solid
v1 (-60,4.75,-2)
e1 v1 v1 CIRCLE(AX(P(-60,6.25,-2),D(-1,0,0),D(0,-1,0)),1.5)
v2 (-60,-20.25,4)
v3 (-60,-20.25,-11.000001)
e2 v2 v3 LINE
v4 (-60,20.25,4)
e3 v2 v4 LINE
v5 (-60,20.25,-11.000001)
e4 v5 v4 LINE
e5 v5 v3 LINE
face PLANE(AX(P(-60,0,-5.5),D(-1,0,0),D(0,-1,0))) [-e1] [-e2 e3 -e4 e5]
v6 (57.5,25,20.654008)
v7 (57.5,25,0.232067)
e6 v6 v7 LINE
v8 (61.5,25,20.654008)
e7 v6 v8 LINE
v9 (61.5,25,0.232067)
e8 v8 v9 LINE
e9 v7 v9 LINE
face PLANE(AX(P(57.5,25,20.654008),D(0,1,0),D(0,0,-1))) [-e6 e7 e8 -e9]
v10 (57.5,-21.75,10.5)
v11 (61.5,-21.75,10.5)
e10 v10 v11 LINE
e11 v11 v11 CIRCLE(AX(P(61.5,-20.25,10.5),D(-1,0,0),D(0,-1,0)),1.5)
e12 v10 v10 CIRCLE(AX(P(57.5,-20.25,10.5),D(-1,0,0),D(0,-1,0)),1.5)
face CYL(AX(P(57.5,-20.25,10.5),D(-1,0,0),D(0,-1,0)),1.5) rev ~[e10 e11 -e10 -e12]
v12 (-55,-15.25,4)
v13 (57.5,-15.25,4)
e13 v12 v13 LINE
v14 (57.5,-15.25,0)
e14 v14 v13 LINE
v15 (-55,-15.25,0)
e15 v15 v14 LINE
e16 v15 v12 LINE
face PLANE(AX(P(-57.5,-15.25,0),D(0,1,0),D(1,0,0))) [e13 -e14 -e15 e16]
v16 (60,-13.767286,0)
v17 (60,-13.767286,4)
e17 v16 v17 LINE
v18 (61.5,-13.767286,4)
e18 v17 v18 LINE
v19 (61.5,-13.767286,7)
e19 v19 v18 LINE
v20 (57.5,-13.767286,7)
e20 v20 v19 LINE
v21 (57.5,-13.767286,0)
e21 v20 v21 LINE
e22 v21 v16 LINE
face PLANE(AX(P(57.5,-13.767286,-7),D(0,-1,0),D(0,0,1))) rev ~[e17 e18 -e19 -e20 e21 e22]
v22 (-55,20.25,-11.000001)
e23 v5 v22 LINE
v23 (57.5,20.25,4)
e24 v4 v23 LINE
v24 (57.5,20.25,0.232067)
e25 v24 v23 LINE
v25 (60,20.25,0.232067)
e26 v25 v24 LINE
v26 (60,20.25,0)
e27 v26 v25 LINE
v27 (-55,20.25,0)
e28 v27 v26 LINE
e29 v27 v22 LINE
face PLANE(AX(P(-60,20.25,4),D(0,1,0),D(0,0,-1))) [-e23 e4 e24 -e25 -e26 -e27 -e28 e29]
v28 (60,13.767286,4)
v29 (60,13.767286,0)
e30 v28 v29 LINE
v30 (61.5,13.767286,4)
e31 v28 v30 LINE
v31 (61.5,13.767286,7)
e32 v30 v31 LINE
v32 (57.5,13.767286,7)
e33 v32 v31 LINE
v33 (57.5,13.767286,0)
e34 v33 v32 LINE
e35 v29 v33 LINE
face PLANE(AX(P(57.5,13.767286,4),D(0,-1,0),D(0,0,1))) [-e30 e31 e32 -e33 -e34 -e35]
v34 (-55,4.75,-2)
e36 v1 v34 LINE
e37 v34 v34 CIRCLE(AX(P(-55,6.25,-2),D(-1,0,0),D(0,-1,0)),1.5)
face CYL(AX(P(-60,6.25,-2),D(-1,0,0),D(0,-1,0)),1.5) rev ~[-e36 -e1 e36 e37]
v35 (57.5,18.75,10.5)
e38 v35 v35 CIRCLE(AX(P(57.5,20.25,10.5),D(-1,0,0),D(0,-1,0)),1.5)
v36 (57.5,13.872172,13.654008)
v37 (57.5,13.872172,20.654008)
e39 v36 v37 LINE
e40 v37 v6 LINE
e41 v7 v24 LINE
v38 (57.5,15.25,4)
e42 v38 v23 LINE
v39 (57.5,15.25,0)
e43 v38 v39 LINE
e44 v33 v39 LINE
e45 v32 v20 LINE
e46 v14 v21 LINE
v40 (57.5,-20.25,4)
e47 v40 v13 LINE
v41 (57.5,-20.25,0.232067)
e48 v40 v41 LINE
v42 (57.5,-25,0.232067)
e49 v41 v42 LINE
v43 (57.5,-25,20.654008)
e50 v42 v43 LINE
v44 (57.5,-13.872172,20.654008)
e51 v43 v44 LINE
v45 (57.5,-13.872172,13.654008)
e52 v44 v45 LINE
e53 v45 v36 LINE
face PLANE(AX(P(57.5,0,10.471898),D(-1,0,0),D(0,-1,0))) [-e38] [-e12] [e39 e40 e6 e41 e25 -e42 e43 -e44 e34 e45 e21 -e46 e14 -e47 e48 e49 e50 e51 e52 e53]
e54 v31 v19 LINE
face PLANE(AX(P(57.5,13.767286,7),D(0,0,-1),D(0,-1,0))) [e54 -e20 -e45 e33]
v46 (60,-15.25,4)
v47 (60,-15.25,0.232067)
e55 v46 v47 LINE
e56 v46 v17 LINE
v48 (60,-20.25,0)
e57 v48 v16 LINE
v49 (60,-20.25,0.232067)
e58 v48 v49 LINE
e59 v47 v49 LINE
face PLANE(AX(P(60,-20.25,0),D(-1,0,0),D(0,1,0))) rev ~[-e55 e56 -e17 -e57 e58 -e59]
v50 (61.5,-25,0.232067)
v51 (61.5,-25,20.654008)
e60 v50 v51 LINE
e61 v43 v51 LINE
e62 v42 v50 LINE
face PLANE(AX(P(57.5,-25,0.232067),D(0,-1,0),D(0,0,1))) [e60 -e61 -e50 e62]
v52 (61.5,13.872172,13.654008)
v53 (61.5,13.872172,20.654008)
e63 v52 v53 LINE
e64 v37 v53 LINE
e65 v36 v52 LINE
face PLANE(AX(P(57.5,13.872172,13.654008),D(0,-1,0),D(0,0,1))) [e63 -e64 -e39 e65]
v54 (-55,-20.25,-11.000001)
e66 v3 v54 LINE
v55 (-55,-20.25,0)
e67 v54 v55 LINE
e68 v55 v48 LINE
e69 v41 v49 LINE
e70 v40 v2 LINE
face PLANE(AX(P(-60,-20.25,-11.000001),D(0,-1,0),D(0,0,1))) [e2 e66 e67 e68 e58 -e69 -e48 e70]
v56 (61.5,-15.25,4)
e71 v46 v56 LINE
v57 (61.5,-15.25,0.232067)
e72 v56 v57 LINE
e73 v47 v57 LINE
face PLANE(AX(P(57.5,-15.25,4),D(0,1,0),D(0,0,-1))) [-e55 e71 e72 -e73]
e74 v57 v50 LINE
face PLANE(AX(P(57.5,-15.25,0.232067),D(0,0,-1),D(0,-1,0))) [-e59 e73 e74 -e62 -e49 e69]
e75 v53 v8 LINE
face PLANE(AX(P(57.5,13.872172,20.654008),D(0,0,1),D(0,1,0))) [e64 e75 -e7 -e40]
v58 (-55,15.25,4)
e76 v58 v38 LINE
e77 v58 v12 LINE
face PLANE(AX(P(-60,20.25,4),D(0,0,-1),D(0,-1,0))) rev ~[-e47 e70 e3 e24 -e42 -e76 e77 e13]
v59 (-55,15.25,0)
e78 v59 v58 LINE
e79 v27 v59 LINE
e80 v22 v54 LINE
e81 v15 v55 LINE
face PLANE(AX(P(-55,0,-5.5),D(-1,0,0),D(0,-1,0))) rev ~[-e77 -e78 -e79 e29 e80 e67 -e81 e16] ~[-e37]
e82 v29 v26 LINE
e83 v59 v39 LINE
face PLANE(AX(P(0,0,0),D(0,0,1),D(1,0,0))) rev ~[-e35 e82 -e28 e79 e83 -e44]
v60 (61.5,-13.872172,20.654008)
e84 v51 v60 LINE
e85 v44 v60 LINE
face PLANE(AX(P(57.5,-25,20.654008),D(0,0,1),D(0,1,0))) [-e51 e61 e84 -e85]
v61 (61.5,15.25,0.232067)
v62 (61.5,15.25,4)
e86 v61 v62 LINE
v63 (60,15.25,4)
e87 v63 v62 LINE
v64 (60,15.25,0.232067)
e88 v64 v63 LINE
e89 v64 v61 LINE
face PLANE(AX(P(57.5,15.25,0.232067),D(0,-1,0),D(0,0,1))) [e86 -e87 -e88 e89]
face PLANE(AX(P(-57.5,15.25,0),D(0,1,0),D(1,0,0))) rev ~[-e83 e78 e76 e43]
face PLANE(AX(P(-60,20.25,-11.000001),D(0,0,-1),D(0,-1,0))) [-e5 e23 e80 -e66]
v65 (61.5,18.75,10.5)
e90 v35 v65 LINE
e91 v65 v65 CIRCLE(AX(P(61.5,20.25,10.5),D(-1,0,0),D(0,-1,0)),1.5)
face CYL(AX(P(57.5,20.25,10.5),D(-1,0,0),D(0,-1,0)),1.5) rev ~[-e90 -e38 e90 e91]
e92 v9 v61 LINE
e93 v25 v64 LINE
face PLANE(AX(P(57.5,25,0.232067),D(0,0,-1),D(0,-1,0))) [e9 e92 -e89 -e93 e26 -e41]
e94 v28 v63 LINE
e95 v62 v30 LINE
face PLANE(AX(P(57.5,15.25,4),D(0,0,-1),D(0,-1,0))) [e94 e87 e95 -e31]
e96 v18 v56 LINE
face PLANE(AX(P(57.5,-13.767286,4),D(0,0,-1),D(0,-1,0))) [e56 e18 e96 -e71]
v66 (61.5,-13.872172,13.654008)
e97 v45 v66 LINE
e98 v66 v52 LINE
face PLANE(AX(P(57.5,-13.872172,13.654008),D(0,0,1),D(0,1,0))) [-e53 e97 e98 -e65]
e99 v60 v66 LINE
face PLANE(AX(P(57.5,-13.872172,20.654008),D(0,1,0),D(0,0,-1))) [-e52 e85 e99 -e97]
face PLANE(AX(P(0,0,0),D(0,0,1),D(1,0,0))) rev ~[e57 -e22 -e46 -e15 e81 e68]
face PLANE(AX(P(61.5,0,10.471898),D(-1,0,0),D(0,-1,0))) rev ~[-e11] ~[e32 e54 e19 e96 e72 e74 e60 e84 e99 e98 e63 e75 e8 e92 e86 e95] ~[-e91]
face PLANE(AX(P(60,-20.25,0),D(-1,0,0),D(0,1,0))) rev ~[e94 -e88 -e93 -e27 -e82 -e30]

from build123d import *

# Parameters (mm, degrees)
F0_W     = 120
F0_H     = 40.5
F0_W_2   = 115
F0_H_2   = 30.5
F1_DEPTH = 4
F2_W     = 40.5
F2_H     = 11.0000007078
F2_R     = 1.5
F2_H_2   = 4
F3_DEPTH = 5
F4_R     = 1.5
F5_DEPTH = 4
F4_W     = 27.5345724076
F4_H     = 3
F4_H_2   = 0.2320672698
F4_H_3   = 7
F4_H_4   = 3.7679327302
F6_DEPTH = 4.001


with BuildPart() as f1:
    # F0 (on Top) → F1 (new body)
    with BuildSketch(Plane.XY):
        Rectangle(F0_W, F0_H)
        Rectangle(F0_W_2, F0_H_2, mode=Mode.SUBTRACT)
    extrude(amount=F1_DEPTH)

    # F2 (on face) → F3 (join)
    with BuildSketch(Plane(origin=(-60, 0, 0), x_dir=(0, -1, 0), z_dir=(-1, 0, 0))):
        with Locations((0, -5.5000003539)):
            Rectangle(F2_W, F2_H)
        with Locations((-6.25, -2)):
            Circle(F2_R, mode=Mode.SUBTRACT)
        with Locations((0, 2)):
            Rectangle(F2_W, F2_H_2)
    extrude(amount=-F3_DEPTH)

    # F4 (on face) → F5 (join)
    with BuildSketch(Plane(origin=(57.5, 0, 0), x_dir=(0, -1, 0), z_dir=(-1, 0, 0))):
        Polygon((25, 0.2320672698), (25, 20.6540079332), (13.8721717522, 20.6540079332), (13.8721717522, 13.6540079332), (-13.8721717522, 13.6540079332), (-13.8721717522, 20.6540079332), (-25, 20.6540079332), (-25, 0.2320672698), (-15.25, 0.2320672698), (-15.25, 4), (-13.7672862038, 4), (-13.7672862038, 7), (13.7672862038, 7), (13.7672862038, 4), (15.25, 4), (15.25, 0.2320672698), align=None)
        with Locations((-20.25, 10.5)):
            Circle(F4_R, mode=Mode.SUBTRACT)
        with Locations((20.25, 10.5)):
            Circle(F4_R, mode=Mode.SUBTRACT)
    extrude(amount=-F5_DEPTH)

    # F4 (on face) → F6 (cut, through all)
    with BuildSketch(Plane(origin=(57.5, 0, 0), x_dir=(0, -1, 0), z_dir=(-1, 0, 0))):
        with Locations((0, 5.5)):
            Rectangle(F4_W, F4_H)
        with Locations((0, 0.1160336349)):
            Rectangle(F4_W, F4_H_2)
        with Locations((0, -3.5)):
            Rectangle(F4_W, F4_H_3)
        with Locations((0, 2.1160336349)):
            Rectangle(F4_W, F4_H_4)
    extrude(amount=-F6_DEPTH, mode=Mode.SUBTRACT)


solid = f1.part
